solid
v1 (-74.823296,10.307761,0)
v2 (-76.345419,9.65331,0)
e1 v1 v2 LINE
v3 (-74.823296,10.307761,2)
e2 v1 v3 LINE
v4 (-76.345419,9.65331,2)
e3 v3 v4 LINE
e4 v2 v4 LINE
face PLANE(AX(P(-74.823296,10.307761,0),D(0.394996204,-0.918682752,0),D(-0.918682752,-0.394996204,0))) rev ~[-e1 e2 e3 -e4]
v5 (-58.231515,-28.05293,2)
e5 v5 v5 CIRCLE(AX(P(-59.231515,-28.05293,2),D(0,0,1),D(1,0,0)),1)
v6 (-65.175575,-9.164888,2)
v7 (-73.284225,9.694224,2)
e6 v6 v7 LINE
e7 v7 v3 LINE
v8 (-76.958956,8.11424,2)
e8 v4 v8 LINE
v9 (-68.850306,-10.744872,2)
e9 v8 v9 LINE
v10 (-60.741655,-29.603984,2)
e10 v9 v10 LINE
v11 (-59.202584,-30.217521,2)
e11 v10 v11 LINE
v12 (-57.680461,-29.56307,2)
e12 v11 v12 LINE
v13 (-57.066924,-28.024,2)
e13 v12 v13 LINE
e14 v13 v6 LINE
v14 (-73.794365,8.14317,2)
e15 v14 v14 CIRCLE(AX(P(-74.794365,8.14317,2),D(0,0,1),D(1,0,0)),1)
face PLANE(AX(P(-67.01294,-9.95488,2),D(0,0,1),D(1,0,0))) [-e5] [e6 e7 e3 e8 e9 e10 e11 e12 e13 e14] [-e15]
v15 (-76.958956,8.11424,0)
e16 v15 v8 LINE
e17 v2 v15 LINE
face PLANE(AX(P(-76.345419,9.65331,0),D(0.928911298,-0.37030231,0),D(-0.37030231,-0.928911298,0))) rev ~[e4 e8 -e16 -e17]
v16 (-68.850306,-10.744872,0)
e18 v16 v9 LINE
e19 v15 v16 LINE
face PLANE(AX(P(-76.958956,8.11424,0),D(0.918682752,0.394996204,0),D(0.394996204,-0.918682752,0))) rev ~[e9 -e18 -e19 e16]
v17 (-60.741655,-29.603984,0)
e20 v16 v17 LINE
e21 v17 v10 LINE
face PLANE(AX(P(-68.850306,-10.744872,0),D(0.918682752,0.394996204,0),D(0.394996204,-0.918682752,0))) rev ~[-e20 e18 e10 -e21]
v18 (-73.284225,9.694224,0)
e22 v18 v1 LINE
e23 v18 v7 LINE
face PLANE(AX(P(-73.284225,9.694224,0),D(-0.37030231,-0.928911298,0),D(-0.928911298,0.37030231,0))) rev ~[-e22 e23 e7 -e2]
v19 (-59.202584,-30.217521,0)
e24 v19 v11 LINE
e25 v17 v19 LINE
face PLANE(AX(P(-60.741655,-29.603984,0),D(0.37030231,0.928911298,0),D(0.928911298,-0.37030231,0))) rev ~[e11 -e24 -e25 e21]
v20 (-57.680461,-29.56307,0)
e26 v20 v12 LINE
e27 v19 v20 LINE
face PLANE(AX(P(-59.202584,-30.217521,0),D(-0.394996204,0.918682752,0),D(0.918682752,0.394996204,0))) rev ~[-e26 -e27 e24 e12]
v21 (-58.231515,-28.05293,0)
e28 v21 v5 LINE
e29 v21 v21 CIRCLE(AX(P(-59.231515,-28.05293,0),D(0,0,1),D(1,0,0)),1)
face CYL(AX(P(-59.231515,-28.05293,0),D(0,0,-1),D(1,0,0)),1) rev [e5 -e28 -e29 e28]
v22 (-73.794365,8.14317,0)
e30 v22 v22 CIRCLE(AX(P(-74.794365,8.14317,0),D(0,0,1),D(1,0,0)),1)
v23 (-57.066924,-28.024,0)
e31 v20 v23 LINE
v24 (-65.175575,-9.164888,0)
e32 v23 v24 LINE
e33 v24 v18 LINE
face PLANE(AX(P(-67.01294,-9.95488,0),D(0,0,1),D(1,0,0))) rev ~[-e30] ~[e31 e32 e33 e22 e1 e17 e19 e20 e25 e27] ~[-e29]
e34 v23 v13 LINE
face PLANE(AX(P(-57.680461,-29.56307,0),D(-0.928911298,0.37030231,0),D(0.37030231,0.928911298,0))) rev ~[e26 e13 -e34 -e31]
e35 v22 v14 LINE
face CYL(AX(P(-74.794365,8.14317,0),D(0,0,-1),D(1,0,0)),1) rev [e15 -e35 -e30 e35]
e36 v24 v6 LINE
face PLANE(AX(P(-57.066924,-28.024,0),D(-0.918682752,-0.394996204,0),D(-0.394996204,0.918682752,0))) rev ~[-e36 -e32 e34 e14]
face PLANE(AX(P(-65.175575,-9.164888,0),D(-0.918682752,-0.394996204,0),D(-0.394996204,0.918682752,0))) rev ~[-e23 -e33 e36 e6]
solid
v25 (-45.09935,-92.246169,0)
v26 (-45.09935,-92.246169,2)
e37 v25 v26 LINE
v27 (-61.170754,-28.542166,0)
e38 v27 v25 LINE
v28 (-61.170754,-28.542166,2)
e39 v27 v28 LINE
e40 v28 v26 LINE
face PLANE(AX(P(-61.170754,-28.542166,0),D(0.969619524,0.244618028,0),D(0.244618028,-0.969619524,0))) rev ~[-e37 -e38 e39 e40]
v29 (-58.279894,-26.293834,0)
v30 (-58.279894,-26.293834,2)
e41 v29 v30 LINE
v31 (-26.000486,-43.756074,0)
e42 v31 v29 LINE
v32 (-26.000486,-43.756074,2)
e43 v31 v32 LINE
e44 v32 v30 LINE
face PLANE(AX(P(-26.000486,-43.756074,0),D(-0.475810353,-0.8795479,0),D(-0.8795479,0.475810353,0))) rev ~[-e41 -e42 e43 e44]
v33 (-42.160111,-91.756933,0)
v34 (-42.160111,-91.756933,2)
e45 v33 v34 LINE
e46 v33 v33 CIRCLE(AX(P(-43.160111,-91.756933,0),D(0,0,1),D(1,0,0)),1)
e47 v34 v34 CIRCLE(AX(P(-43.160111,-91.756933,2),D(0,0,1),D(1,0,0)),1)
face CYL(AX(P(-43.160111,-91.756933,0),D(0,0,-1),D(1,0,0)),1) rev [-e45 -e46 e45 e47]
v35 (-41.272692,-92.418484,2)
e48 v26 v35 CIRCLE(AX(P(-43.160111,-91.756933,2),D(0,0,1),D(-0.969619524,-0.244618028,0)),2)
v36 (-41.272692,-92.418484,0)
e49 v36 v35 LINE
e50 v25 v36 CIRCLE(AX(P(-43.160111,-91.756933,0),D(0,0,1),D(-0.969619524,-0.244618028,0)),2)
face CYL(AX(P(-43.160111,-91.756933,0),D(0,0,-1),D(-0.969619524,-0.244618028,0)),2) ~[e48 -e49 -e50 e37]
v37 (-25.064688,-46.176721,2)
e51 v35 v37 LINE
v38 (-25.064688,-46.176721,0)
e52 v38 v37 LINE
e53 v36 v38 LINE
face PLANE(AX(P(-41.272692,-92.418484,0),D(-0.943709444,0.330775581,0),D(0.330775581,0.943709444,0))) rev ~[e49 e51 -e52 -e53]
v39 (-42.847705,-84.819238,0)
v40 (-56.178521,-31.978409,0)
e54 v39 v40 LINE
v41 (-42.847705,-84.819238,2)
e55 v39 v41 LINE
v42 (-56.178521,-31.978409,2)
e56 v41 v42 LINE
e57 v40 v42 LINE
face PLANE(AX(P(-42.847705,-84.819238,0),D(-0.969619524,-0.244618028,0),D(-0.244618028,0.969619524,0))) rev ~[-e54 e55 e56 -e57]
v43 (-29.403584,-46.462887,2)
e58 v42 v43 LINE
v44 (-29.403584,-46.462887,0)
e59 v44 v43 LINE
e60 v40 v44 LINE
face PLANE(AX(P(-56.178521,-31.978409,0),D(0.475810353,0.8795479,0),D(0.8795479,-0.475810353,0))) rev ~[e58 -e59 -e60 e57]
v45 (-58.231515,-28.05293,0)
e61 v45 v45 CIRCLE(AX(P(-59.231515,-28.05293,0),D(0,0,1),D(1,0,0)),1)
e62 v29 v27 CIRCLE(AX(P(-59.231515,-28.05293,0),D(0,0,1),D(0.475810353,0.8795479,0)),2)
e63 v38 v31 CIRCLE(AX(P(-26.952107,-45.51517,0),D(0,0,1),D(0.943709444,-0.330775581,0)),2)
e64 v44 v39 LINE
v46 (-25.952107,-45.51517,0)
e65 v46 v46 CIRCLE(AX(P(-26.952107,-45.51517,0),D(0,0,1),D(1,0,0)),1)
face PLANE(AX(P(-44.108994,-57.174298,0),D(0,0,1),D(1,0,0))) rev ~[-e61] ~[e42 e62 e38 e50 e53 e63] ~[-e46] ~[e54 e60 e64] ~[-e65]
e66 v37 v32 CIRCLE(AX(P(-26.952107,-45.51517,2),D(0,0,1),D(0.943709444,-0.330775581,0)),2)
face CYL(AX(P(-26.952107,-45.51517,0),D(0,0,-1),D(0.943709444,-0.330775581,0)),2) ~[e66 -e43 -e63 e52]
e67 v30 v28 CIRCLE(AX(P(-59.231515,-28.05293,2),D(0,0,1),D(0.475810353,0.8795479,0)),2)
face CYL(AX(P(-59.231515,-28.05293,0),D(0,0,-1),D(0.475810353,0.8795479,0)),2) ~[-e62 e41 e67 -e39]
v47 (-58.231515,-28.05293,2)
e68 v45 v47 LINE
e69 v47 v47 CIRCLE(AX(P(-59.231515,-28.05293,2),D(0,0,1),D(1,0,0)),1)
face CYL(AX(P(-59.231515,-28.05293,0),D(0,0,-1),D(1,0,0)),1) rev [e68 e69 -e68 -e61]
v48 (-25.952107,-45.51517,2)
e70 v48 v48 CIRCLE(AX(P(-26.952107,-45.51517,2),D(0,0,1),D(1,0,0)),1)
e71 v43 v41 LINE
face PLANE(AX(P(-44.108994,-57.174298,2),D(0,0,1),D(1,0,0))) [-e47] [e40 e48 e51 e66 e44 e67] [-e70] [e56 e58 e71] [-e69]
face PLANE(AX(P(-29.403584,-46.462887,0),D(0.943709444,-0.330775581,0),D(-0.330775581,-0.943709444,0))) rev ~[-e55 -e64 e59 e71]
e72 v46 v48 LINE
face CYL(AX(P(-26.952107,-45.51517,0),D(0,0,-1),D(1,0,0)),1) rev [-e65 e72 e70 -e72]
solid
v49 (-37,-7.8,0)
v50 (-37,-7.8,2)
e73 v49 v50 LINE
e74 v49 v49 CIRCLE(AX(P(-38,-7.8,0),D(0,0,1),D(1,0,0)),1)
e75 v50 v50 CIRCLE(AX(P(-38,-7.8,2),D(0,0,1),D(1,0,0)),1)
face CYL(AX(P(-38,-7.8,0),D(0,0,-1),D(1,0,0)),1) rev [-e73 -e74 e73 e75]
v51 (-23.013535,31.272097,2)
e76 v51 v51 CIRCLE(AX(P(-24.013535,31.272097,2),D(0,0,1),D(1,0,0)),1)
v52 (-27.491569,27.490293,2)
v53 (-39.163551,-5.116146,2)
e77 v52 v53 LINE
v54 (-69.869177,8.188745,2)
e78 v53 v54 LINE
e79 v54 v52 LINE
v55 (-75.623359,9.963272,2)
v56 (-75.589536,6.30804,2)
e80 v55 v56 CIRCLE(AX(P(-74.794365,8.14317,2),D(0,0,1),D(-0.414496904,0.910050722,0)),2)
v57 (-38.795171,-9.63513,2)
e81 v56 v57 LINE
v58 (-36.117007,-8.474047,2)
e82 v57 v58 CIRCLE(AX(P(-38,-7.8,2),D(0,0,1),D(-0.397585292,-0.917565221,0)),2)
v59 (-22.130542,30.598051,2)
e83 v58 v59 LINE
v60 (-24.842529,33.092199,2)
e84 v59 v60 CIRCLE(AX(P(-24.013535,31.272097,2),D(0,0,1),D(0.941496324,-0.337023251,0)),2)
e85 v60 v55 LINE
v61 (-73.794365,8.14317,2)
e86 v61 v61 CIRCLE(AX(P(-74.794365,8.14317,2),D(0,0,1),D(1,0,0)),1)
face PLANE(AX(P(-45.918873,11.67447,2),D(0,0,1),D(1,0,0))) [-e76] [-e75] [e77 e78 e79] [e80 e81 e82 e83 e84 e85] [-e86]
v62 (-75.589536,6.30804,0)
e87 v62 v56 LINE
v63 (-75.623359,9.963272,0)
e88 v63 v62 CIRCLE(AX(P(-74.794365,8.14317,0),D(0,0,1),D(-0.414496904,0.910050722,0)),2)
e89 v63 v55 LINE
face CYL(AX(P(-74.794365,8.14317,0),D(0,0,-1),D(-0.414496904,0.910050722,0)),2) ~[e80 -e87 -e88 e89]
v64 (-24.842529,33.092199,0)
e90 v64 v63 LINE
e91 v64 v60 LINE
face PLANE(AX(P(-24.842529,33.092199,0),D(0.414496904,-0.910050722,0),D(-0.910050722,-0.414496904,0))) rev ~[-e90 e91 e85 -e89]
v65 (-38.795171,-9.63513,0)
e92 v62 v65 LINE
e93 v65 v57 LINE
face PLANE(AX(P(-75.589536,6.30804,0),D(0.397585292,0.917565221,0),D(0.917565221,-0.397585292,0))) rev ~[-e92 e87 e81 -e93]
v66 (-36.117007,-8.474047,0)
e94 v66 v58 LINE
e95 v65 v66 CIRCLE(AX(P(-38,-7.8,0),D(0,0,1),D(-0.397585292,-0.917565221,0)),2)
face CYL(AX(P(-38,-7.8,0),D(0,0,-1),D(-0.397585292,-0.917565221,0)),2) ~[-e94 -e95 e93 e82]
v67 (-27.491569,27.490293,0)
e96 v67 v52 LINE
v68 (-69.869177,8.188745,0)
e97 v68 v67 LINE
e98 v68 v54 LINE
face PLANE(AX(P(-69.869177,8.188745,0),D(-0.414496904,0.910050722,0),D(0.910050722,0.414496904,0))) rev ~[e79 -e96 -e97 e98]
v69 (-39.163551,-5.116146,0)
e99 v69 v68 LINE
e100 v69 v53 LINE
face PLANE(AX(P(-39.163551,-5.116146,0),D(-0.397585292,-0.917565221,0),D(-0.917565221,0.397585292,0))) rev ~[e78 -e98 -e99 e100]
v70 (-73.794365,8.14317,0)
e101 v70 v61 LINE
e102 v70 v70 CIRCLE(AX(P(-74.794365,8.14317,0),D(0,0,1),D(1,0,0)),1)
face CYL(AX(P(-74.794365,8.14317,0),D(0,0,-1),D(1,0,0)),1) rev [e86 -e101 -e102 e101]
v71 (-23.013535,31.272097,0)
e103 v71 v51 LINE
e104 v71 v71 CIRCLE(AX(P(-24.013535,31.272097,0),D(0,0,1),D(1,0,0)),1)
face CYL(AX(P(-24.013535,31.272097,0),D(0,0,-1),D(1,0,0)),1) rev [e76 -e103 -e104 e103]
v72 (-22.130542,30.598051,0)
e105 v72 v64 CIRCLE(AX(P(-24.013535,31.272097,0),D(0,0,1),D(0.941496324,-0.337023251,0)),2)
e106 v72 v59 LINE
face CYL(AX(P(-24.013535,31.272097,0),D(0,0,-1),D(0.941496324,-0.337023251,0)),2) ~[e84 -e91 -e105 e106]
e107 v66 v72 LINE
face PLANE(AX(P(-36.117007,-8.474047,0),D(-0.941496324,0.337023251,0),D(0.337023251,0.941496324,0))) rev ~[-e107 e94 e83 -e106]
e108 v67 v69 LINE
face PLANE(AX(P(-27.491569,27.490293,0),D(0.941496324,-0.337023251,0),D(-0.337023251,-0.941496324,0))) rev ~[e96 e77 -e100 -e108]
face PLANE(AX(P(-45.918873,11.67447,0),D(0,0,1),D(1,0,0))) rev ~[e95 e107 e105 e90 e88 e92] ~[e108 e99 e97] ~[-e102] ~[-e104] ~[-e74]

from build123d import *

# Parameters (mm, degrees)
F2_R     = 1
F3_DEPTH = 2
F4_R     = 1
F5_DEPTH = 2
F6_R     = 1
F7_DEPTH = 2


with BuildPart() as f3:
    # F2 (on Top) → F3 (new body)
    with BuildSketch(Plane.XY):
        with BuildLine():
            Line((-24.8425289053, 33.0921988987), (-75.6233591891, 9.9632716498))
            ThreePointArc((-75.6233591891, 9.9632716498), (-76.7942797615, 8.124664252), (-75.5895359648, 6.308039763))
            Line((-75.5895359648, 6.308039763), (-38.7951705838, -9.6351304429))
            ThreePointArc((-38.7951705838, -9.6351304429), (-37.204469868, -9.6349746072), (-36.1170073516, -8.4740465013))
            Line((-36.1170073516, -8.4740465013), (-22.1305424487, 30.5980509535))
            ThreePointArc((-22.1305424487, 30.5980509535), (-22.6596806434, 32.7441973557), (-24.8425289053, 33.0921988987))
        make_face()
        with Locations((-74.7943653809, 8.1431702059)):
            Circle(F2_R, mode=Mode.SUBTRACT)
        with Locations((-38, -7.8)):
            Circle(F2_R, mode=Mode.SUBTRACT)
        Polygon((-39.1635509363, -5.1161463828), (-69.8691773282, 8.1887448085), (-27.4915690607, 27.490292521), align=None, mode=Mode.SUBTRACT)
        with Locations((-24.0135350971, 31.2720974548)):
            Circle(F2_R, mode=Mode.SUBTRACT)
    extrude(amount=F3_DEPTH)


with BuildPart() as f5:
    # F4 (on Top) → F5 (new body)
    with BuildSketch(Plane.XY):
        with BuildLine():
            Line((-26.0004863264, -43.7560743701), (-58.2798942563, -26.2938344308))
            ThreePointArc((-58.2798942563, -26.2938344308), (-60.459357187, -26.4741954623), (-61.1707540085, -28.5421662867))
            Line((-61.1707540085, -28.5421662867), (-45.0993495711, -92.2461689821))
            ThreePointArc((-45.0993495711, -92.2461689821), (-43.2500797202, -93.7549082873), (-41.2726916361, -92.4184840891))
            Line((-41.2726916361, -92.4184840891), (-25.0646881436, -46.176721333))
            ThreePointArc((-25.0646881436, -46.176721333), (-25.0866528288, -44.7940040191), (-26.0004863264, -43.7560743701))
        make_face()
        with Locations((-43.1601105241, -91.7569329261)):
            Circle(F4_R, mode=Mode.SUBTRACT)
        with Locations((-59.2315149614, -28.0529302307)):
            Circle(F4_R, mode=Mode.SUBTRACT)
        Polygon((-42.847704835, -84.8192376194), (-56.1785207693, -31.978408585), (-29.4035835035, -46.4628867363), align=None, mode=Mode.SUBTRACT)
        with Locations((-26.9521070316, -45.5151701701)):
            Circle(F4_R, mode=Mode.SUBTRACT)
    extrude(amount=F5_DEPTH)


with BuildPart() as f7:
    # F6 (on Top) → F7 (new body)
    with BuildSketch(Plane.XY):
        Polygon((-76.345419499, 9.6533101411), (-76.9589564545, 8.1142395098), (-68.8503056756, -10.7448724195), (-60.7416548966, -29.6039843488), (-59.2025842653, -30.2175213043), (-57.6804608434, -29.563070166), (-57.0669238878, -28.0239995346), (-65.1755746668, -9.1648876053), (-73.2842254457, 9.6942243239), (-74.8232960771, 10.3077612795), align=None)
        with Locations((-59.2315149614, -28.0529302307)):
            Circle(F6_R, mode=Mode.SUBTRACT)
        with Locations((-74.7943653809, 8.1431702059)):
            Circle(F6_R, mode=Mode.SUBTRACT)
    extrude(amount=F7_DEPTH)


solid = Compound([f3.part, f5.part, f7.part])
